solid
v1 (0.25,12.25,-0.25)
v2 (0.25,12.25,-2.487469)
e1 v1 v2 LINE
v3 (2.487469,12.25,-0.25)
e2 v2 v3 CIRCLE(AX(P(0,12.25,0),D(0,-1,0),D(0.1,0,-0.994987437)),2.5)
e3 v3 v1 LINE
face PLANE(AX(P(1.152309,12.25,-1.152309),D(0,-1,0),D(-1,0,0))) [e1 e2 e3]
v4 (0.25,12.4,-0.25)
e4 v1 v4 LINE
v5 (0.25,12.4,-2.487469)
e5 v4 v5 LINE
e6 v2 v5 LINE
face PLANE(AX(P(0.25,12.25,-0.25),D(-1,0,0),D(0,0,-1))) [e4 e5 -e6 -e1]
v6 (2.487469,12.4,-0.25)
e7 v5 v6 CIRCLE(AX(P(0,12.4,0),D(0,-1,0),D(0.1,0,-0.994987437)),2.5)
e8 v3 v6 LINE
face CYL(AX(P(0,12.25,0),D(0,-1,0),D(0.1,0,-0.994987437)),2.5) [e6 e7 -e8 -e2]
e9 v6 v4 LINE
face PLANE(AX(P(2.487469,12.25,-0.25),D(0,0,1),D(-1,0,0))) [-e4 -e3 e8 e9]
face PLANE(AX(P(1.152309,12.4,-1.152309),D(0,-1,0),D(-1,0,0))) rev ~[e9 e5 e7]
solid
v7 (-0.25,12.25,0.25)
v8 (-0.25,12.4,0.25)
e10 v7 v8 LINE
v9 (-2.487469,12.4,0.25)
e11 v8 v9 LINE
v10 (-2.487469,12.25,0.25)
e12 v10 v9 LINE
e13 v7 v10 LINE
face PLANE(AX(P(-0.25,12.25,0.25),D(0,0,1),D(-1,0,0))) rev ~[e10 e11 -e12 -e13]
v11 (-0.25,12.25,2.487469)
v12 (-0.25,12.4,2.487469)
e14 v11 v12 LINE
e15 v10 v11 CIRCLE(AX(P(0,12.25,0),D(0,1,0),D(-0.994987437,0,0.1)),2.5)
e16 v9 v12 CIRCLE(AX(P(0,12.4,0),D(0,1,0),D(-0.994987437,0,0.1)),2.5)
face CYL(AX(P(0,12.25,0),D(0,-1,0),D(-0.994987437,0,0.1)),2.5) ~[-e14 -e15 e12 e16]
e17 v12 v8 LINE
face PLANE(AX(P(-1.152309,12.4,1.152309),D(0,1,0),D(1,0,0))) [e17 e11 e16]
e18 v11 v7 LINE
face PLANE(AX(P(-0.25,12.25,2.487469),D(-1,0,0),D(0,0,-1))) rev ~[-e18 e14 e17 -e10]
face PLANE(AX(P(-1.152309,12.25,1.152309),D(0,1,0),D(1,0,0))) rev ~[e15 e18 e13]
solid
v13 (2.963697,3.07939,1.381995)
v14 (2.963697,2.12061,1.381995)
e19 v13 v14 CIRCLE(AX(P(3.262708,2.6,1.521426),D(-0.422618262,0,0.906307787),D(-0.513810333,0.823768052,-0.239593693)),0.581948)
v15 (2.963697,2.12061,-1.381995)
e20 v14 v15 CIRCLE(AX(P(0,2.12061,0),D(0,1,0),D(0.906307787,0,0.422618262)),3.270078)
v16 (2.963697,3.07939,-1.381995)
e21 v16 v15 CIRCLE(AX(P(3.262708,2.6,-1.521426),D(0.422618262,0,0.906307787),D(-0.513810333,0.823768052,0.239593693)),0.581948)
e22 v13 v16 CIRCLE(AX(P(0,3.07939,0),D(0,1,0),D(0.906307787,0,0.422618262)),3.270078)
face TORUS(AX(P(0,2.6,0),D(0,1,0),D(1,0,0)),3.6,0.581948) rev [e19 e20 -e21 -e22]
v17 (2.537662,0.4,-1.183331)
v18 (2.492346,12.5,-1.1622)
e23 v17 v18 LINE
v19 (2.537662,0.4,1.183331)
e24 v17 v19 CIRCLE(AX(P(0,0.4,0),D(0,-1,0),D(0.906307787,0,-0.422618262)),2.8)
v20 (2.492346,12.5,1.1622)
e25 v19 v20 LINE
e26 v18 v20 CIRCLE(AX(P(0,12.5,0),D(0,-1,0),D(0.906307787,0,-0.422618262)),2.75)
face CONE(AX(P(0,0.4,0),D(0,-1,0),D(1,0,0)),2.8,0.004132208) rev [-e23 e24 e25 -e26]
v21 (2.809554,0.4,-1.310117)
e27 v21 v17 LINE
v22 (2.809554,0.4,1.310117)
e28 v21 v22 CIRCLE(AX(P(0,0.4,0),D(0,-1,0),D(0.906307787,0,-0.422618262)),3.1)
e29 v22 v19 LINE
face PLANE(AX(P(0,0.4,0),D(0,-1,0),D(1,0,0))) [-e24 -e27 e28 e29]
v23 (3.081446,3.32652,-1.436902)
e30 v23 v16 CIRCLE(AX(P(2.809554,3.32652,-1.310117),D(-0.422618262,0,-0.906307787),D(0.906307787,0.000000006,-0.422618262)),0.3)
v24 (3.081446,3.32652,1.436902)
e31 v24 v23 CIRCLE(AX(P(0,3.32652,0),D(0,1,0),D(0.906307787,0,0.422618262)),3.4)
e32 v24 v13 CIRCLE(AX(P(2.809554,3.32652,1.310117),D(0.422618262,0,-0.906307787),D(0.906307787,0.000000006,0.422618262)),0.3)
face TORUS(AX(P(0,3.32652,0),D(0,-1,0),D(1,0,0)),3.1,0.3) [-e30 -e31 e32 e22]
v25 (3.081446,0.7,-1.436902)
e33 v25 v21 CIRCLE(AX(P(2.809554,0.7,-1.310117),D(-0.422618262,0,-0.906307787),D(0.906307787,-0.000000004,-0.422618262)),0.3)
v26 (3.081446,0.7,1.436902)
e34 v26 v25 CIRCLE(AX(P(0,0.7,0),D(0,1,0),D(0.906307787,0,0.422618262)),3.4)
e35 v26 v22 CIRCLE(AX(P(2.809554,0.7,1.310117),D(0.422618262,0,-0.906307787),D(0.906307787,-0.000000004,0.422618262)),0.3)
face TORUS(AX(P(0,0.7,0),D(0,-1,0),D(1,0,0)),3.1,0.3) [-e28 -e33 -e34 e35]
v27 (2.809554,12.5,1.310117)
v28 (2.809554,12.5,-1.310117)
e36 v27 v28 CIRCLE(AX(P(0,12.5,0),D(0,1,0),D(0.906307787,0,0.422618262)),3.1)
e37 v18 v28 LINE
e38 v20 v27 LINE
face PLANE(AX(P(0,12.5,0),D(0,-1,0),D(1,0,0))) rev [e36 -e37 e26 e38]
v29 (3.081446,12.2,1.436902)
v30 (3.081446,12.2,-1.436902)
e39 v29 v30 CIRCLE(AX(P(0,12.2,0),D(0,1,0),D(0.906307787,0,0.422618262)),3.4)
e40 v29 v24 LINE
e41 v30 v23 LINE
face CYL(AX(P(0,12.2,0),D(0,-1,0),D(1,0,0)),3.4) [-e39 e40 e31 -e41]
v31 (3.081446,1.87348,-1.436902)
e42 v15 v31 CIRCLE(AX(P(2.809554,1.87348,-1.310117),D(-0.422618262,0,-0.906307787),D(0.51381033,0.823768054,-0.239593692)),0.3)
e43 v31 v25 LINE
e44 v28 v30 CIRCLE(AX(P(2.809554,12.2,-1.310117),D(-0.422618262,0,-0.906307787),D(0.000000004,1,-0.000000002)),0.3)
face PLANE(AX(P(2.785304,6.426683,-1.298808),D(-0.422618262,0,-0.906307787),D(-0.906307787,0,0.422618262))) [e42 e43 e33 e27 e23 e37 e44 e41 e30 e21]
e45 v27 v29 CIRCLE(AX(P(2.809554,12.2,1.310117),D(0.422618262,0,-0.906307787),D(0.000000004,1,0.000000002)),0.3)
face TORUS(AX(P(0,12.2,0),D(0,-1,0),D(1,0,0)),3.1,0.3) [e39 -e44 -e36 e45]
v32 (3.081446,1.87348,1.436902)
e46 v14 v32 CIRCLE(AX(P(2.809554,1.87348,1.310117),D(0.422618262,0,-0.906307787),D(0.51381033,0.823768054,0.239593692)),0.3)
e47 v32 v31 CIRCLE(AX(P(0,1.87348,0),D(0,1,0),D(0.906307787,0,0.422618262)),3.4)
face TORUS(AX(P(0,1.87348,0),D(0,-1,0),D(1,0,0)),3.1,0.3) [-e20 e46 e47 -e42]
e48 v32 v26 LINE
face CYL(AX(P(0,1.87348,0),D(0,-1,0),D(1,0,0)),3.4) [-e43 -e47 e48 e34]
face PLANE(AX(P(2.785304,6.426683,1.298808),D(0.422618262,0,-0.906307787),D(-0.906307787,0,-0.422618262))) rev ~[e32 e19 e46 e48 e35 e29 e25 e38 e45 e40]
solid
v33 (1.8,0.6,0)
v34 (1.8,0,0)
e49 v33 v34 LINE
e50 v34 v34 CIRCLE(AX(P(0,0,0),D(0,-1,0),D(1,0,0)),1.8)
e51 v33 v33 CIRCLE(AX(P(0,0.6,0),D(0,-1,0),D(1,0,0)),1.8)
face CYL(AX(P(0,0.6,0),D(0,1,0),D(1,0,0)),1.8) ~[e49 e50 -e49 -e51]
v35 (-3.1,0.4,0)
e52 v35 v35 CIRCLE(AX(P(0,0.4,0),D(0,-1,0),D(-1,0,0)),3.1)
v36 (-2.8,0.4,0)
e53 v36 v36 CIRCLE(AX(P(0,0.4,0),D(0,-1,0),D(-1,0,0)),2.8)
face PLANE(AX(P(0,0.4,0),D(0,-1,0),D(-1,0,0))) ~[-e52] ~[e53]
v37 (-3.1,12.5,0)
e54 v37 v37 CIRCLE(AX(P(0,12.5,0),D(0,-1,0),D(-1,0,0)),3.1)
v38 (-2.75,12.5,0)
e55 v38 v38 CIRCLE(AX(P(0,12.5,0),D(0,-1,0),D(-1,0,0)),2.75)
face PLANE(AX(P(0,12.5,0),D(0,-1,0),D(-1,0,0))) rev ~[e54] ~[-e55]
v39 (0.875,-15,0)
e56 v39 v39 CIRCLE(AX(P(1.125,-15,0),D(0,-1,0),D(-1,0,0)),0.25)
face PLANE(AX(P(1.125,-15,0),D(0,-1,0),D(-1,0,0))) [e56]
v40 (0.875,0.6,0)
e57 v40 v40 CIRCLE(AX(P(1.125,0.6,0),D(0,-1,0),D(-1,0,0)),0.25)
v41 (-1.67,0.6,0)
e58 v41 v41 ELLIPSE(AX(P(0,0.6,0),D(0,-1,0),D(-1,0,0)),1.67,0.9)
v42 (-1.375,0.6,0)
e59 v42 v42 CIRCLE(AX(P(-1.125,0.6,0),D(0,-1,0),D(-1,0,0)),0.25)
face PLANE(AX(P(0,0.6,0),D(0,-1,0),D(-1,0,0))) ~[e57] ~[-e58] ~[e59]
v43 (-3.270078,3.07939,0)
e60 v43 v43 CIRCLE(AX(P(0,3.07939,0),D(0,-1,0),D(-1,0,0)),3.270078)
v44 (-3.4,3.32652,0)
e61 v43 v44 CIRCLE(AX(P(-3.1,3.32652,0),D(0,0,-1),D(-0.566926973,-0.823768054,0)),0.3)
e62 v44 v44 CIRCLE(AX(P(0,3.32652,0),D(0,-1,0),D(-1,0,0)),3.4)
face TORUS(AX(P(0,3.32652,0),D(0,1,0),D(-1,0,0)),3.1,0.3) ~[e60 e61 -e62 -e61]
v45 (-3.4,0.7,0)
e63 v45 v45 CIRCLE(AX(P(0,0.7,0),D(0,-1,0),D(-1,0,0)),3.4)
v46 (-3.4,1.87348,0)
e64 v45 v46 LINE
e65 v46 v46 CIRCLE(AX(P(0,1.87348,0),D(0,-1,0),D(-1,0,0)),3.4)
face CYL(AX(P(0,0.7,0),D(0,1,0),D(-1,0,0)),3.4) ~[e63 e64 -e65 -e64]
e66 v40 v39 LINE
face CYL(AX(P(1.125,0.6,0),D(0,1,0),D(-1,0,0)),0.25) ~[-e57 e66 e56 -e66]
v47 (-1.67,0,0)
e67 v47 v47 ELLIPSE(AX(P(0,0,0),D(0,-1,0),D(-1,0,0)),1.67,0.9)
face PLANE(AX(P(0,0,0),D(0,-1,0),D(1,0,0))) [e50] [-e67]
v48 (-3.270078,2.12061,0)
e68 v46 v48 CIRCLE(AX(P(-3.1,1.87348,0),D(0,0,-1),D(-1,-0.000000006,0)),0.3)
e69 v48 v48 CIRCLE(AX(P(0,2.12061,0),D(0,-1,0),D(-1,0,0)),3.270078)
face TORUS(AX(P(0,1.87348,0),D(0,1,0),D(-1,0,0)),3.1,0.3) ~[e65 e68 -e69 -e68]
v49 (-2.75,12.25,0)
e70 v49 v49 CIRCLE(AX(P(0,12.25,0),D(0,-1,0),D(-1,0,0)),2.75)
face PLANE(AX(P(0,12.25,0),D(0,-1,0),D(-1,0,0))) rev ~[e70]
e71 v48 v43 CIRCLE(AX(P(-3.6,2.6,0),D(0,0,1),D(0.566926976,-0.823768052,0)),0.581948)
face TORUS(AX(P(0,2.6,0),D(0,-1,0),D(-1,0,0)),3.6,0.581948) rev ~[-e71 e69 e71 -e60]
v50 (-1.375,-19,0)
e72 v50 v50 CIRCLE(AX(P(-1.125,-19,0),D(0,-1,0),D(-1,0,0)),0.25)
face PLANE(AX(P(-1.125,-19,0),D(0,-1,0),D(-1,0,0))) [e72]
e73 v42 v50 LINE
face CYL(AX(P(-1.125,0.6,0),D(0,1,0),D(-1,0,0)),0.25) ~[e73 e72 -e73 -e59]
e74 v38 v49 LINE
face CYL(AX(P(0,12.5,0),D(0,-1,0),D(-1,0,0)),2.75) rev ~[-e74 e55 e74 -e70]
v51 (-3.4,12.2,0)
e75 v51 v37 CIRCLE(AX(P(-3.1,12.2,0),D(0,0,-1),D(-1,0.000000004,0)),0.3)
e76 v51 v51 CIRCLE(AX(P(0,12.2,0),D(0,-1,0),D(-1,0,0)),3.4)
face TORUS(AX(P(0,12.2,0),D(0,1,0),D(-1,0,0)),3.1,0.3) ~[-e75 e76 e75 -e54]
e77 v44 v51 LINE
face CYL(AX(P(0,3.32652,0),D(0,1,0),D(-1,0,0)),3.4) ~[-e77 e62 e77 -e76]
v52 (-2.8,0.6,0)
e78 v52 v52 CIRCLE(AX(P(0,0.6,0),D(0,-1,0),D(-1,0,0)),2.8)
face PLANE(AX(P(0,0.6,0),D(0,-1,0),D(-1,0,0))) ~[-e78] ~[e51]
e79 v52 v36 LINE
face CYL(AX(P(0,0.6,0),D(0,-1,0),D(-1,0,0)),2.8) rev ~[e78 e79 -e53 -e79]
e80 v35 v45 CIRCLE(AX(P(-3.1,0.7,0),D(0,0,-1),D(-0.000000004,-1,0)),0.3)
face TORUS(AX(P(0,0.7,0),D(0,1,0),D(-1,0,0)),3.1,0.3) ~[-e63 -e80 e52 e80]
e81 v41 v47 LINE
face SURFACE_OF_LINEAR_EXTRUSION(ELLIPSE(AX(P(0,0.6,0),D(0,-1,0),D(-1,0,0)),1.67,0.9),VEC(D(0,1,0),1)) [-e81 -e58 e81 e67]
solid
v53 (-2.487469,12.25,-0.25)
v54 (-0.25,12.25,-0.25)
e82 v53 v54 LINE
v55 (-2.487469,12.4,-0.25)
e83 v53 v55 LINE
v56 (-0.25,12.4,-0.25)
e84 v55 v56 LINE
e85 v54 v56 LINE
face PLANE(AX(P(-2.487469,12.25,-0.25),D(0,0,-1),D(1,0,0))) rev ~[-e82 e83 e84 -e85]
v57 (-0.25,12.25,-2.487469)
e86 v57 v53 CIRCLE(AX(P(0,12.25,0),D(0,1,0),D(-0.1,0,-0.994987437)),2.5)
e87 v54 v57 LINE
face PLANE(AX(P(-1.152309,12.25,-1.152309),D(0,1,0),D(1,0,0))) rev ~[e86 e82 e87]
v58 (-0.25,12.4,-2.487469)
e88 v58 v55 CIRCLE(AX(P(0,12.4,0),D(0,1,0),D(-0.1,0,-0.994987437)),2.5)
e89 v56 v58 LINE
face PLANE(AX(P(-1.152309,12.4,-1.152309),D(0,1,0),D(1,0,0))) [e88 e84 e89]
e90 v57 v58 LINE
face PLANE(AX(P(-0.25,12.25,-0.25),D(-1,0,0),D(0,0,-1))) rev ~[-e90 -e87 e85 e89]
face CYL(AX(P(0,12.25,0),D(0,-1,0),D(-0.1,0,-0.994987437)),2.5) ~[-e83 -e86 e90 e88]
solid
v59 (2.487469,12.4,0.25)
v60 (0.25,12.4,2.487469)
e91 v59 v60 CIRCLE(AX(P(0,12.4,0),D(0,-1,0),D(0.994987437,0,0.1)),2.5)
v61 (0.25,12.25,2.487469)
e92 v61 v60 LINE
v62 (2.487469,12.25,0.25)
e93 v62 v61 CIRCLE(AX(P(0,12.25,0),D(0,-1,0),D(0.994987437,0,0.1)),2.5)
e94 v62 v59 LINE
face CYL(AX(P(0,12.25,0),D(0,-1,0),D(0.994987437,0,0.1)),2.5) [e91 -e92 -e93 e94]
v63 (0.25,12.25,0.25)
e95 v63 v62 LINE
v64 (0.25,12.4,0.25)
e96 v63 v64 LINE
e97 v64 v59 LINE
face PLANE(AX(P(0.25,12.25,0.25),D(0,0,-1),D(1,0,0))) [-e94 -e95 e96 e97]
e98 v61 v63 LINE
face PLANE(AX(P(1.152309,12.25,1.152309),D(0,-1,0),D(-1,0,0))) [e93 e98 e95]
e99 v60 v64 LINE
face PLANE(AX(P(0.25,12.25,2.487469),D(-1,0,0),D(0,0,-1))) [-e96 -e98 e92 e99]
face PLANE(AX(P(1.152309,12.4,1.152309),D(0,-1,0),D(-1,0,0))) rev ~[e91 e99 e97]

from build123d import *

# Parameters (mm, degrees)
BOSS_EXTRUDE1_DEPTH      = 0.15
BOSS_EXTRUDE1_2_DEPTH    = 0.15
BOSS_EXTRUDE1_3_DEPTH    = 0.15
BOSS_EXTRUDE1_4_DEPTH    = 0.15
SKETCH3_R                = 1.8
SKETCH3_RX               = 1.67
SKETCH3_RY               = 0.9
BOSS_EXTRUDE2_DEPTH      = 0.6
REVOLVE3_ANGLE           = 25
REVOLVE3_OTHER_WAY_ANGLE = 25
SKETCH7_R                = 0.25
BOSS_EXTRUDE3_DEPTH      = 19.6
SKETCH7_4_R              = 0.25
BOSS_EXTRUDE4_DEPTH      = 15.6


with BuildPart() as part:
    # Sketch1 → Revolve1 (revolve)
    with BuildSketch(Plane.XY, mode=Mode.PRIVATE) as revolve1_sk:
        with BuildLine():
            Line((0, 0.6), (2.8, 0.6))
            Line((2.8, 0.6), (2.8, 0.4))
            Line((2.8, 0.4), (3.1, 0.4))
            ThreePointArc((3.1, 0.4), (3.312132034, 0.487867966), (3.4, 0.7))
            Line((3.4, 0.7), (3.4, 1.873479579))
            ThreePointArc((3.4, 1.873479579), (3.365540419, 2.013080031), (3.270078093, 2.120609995))
            ThreePointArc((3.270078093, 2.120609995), (3.0180522, 2.6), (3.270078093, 3.079390005))
            ThreePointArc((3.270078093, 3.079390005), (3.365540419, 3.186919969), (3.4, 3.326520421))
            Line((3.4, 3.326520421), (3.4, 12.2))
            ThreePointArc((3.4, 12.2), (3.312132034, 12.412132034), (3.1, 12.5))
            Line((3.1, 12.5), (2.75, 12.5))
            Line((2.75, 12.5), (2.75, 12.25))
            Line((2.75, 12.25), (0, 12.25))
            Line((0, 12.25), (0, 0.6))
        make_face()
    revolve(revolve1_sk.sketch.rotate(Axis((0, 12.25, 0), (0, -1, 0)), 180), axis=Axis((0, 12.25, 0), (0, -1, 0)))



with BuildPart() as body_2:
    # Sketch2 → Boss-Extrude1 (new body)
    with BuildSketch(Plane(origin=(0, 12.25, 0), x_dir=(1, 0, 0), z_dir=(0, 1, 0))):
        with BuildLine():
            Line((-0.25, 0.25), (-0.25, 2.487468593))
            ThreePointArc((-0.25, 2.487468593), (-1.767766953, 1.767766953), (-2.487468593, 0.25))
            Line((-2.487468593, 0.25), (-0.25, 0.25))
        make_face()
    extrude(amount=BOSS_EXTRUDE1_DEPTH)


with BuildPart() as body_3:
    # Sketch2 → Boss-Extrude1 2 (new body)
    with BuildSketch(Plane(origin=(0, 12.25, 0), x_dir=(1, 0, 0), z_dir=(0, 1, 0))):
        with BuildLine():
            Line((0.25, -2.487468593), (0.25, -0.25))
            Line((0.25, -0.25), (2.487468593, -0.25))
            ThreePointArc((2.487468593, -0.25), (1.767766953, -1.767766953), (0.25, -2.487468593))
        make_face()
    extrude(amount=BOSS_EXTRUDE1_2_DEPTH)


with BuildPart() as body_4:
    # Sketch2 → Boss-Extrude1 3 (new body)
    with BuildSketch(Plane(origin=(0, 12.25, 0), x_dir=(1, 0, 0), z_dir=(0, 1, 0))):
        with BuildLine():
            Line((-0.25, -2.487468593), (-0.25, -0.25))
            Line((-0.25, -0.25), (-2.487468593, -0.25))
            ThreePointArc((-2.487468593, -0.25), (-1.767766953, -1.767766953), (-0.25, -2.487468593))
        make_face()
    extrude(amount=BOSS_EXTRUDE1_3_DEPTH)


with BuildPart() as body_5:
    # Sketch2 → Boss-Extrude1 4 (new body)
    with BuildSketch(Plane(origin=(0, 12.25, 0), x_dir=(1, 0, 0), z_dir=(0, 1, 0))):
        with BuildLine():
            Line((0.25, 0.25), (0.25, 2.487468593))
            ThreePointArc((0.25, 2.487468593), (1.767766953, 1.767766953), (2.487468593, 0.25))
            Line((2.487468593, 0.25), (0.25, 0.25))
        make_face()
    extrude(amount=BOSS_EXTRUDE1_4_DEPTH)


with BuildPart() as body_6:
    # Sketch3 → Boss-Extrude2 (new body)
    with BuildSketch(Plane.XZ.offset(-0.6)):
        Circle(SKETCH3_R)
        with Locations(Location((0, 0), (0, 0, 180))):
            Ellipse(SKETCH3_RX, SKETCH3_RY, mode=Mode.SUBTRACT)
    extrude(amount=BOSS_EXTRUDE2_DEPTH)


with BuildPart() as body_7:
    # Sketch5 → Revolve3 (revolve)
    with BuildSketch(Plane.XY):
        with BuildLine():
            Line((2.75, 12.5), (3.1, 12.5))
            ThreePointArc((3.1, 12.5), (3.312132034, 12.412132034), (3.4, 12.2))
            Line((3.4, 12.2), (3.4, 3.326520421))
            ThreePointArc((3.4, 3.326520421), (3.365540419, 3.186919969), (3.270078093, 3.079390005))
            ThreePointArc((3.270078093, 3.079390005), (3.0180522, 2.6), (3.270078093, 2.120609995))
            ThreePointArc((3.270078093, 2.120609995), (3.365540419, 2.013080031), (3.4, 1.873479579))
            Line((3.4, 1.873479579), (3.4, 0.7))
            ThreePointArc((3.4, 0.7), (3.312132034, 0.487867966), (3.1, 0.4))
            Line((3.1, 0.4), (2.8, 0.4))
            Line((2.8, 0.4), (2.75, 12.5))
        make_face()
    revolve(axis=Axis((0, 0, 0), (0, 1, 0)), revolution_arc=REVOLVE3_ANGLE)

    # Sketch5 → Revolve3 other way (revolve)
    with BuildSketch(Plane.XY):
        with BuildLine():
            Line((2.75, 12.5), (3.1, 12.5))
            ThreePointArc((3.1, 12.5), (3.312132034, 12.412132034), (3.4, 12.2))
            Line((3.4, 12.2), (3.4, 3.326520421))
            ThreePointArc((3.4, 3.326520421), (3.365540419, 3.186919969), (3.270078093, 3.079390005))
            ThreePointArc((3.270078093, 3.079390005), (3.0180522, 2.6), (3.270078093, 2.120609995))
            ThreePointArc((3.270078093, 2.120609995), (3.365540419, 2.013080031), (3.4, 1.873479579))
            Line((3.4, 1.873479579), (3.4, 0.7))
            ThreePointArc((3.4, 0.7), (3.312132034, 0.487867966), (3.1, 0.4))
            Line((3.1, 0.4), (2.8, 0.4))
            Line((2.8, 0.4), (2.75, 12.5))
        make_face()
    revolve(axis=Axis((0, 0, 0), (0, -1, 0)), revolution_arc=REVOLVE3_OTHER_WAY_ANGLE)


with BuildPart() as part_1:
    add(part.part)

    add(body_6.part)  # Boss-Extrude3 merges body 6
    # Sketch7 → Boss-Extrude3 (add)
    with BuildSketch(Plane.XZ.offset(-0.6)):
        with Locations(Location((-1.125, 0, 0), (0, 0, 180))):
            Circle(SKETCH7_R)
    extrude(amount=BOSS_EXTRUDE3_DEPTH)

    # Sketch7<4> → Boss-Extrude4 (add)
    with BuildSketch(Plane.XZ.offset(-0.6)):
        with Locations(Location((1.125, 0, 0), (0, 0, 180))):
            Circle(SKETCH7_4_R)
    extrude(amount=BOSS_EXTRUDE4_DEPTH)


solid = Compound([body_2.part, body_3.part, body_4.part, body_5.part, body_7.part, part_1.part])
